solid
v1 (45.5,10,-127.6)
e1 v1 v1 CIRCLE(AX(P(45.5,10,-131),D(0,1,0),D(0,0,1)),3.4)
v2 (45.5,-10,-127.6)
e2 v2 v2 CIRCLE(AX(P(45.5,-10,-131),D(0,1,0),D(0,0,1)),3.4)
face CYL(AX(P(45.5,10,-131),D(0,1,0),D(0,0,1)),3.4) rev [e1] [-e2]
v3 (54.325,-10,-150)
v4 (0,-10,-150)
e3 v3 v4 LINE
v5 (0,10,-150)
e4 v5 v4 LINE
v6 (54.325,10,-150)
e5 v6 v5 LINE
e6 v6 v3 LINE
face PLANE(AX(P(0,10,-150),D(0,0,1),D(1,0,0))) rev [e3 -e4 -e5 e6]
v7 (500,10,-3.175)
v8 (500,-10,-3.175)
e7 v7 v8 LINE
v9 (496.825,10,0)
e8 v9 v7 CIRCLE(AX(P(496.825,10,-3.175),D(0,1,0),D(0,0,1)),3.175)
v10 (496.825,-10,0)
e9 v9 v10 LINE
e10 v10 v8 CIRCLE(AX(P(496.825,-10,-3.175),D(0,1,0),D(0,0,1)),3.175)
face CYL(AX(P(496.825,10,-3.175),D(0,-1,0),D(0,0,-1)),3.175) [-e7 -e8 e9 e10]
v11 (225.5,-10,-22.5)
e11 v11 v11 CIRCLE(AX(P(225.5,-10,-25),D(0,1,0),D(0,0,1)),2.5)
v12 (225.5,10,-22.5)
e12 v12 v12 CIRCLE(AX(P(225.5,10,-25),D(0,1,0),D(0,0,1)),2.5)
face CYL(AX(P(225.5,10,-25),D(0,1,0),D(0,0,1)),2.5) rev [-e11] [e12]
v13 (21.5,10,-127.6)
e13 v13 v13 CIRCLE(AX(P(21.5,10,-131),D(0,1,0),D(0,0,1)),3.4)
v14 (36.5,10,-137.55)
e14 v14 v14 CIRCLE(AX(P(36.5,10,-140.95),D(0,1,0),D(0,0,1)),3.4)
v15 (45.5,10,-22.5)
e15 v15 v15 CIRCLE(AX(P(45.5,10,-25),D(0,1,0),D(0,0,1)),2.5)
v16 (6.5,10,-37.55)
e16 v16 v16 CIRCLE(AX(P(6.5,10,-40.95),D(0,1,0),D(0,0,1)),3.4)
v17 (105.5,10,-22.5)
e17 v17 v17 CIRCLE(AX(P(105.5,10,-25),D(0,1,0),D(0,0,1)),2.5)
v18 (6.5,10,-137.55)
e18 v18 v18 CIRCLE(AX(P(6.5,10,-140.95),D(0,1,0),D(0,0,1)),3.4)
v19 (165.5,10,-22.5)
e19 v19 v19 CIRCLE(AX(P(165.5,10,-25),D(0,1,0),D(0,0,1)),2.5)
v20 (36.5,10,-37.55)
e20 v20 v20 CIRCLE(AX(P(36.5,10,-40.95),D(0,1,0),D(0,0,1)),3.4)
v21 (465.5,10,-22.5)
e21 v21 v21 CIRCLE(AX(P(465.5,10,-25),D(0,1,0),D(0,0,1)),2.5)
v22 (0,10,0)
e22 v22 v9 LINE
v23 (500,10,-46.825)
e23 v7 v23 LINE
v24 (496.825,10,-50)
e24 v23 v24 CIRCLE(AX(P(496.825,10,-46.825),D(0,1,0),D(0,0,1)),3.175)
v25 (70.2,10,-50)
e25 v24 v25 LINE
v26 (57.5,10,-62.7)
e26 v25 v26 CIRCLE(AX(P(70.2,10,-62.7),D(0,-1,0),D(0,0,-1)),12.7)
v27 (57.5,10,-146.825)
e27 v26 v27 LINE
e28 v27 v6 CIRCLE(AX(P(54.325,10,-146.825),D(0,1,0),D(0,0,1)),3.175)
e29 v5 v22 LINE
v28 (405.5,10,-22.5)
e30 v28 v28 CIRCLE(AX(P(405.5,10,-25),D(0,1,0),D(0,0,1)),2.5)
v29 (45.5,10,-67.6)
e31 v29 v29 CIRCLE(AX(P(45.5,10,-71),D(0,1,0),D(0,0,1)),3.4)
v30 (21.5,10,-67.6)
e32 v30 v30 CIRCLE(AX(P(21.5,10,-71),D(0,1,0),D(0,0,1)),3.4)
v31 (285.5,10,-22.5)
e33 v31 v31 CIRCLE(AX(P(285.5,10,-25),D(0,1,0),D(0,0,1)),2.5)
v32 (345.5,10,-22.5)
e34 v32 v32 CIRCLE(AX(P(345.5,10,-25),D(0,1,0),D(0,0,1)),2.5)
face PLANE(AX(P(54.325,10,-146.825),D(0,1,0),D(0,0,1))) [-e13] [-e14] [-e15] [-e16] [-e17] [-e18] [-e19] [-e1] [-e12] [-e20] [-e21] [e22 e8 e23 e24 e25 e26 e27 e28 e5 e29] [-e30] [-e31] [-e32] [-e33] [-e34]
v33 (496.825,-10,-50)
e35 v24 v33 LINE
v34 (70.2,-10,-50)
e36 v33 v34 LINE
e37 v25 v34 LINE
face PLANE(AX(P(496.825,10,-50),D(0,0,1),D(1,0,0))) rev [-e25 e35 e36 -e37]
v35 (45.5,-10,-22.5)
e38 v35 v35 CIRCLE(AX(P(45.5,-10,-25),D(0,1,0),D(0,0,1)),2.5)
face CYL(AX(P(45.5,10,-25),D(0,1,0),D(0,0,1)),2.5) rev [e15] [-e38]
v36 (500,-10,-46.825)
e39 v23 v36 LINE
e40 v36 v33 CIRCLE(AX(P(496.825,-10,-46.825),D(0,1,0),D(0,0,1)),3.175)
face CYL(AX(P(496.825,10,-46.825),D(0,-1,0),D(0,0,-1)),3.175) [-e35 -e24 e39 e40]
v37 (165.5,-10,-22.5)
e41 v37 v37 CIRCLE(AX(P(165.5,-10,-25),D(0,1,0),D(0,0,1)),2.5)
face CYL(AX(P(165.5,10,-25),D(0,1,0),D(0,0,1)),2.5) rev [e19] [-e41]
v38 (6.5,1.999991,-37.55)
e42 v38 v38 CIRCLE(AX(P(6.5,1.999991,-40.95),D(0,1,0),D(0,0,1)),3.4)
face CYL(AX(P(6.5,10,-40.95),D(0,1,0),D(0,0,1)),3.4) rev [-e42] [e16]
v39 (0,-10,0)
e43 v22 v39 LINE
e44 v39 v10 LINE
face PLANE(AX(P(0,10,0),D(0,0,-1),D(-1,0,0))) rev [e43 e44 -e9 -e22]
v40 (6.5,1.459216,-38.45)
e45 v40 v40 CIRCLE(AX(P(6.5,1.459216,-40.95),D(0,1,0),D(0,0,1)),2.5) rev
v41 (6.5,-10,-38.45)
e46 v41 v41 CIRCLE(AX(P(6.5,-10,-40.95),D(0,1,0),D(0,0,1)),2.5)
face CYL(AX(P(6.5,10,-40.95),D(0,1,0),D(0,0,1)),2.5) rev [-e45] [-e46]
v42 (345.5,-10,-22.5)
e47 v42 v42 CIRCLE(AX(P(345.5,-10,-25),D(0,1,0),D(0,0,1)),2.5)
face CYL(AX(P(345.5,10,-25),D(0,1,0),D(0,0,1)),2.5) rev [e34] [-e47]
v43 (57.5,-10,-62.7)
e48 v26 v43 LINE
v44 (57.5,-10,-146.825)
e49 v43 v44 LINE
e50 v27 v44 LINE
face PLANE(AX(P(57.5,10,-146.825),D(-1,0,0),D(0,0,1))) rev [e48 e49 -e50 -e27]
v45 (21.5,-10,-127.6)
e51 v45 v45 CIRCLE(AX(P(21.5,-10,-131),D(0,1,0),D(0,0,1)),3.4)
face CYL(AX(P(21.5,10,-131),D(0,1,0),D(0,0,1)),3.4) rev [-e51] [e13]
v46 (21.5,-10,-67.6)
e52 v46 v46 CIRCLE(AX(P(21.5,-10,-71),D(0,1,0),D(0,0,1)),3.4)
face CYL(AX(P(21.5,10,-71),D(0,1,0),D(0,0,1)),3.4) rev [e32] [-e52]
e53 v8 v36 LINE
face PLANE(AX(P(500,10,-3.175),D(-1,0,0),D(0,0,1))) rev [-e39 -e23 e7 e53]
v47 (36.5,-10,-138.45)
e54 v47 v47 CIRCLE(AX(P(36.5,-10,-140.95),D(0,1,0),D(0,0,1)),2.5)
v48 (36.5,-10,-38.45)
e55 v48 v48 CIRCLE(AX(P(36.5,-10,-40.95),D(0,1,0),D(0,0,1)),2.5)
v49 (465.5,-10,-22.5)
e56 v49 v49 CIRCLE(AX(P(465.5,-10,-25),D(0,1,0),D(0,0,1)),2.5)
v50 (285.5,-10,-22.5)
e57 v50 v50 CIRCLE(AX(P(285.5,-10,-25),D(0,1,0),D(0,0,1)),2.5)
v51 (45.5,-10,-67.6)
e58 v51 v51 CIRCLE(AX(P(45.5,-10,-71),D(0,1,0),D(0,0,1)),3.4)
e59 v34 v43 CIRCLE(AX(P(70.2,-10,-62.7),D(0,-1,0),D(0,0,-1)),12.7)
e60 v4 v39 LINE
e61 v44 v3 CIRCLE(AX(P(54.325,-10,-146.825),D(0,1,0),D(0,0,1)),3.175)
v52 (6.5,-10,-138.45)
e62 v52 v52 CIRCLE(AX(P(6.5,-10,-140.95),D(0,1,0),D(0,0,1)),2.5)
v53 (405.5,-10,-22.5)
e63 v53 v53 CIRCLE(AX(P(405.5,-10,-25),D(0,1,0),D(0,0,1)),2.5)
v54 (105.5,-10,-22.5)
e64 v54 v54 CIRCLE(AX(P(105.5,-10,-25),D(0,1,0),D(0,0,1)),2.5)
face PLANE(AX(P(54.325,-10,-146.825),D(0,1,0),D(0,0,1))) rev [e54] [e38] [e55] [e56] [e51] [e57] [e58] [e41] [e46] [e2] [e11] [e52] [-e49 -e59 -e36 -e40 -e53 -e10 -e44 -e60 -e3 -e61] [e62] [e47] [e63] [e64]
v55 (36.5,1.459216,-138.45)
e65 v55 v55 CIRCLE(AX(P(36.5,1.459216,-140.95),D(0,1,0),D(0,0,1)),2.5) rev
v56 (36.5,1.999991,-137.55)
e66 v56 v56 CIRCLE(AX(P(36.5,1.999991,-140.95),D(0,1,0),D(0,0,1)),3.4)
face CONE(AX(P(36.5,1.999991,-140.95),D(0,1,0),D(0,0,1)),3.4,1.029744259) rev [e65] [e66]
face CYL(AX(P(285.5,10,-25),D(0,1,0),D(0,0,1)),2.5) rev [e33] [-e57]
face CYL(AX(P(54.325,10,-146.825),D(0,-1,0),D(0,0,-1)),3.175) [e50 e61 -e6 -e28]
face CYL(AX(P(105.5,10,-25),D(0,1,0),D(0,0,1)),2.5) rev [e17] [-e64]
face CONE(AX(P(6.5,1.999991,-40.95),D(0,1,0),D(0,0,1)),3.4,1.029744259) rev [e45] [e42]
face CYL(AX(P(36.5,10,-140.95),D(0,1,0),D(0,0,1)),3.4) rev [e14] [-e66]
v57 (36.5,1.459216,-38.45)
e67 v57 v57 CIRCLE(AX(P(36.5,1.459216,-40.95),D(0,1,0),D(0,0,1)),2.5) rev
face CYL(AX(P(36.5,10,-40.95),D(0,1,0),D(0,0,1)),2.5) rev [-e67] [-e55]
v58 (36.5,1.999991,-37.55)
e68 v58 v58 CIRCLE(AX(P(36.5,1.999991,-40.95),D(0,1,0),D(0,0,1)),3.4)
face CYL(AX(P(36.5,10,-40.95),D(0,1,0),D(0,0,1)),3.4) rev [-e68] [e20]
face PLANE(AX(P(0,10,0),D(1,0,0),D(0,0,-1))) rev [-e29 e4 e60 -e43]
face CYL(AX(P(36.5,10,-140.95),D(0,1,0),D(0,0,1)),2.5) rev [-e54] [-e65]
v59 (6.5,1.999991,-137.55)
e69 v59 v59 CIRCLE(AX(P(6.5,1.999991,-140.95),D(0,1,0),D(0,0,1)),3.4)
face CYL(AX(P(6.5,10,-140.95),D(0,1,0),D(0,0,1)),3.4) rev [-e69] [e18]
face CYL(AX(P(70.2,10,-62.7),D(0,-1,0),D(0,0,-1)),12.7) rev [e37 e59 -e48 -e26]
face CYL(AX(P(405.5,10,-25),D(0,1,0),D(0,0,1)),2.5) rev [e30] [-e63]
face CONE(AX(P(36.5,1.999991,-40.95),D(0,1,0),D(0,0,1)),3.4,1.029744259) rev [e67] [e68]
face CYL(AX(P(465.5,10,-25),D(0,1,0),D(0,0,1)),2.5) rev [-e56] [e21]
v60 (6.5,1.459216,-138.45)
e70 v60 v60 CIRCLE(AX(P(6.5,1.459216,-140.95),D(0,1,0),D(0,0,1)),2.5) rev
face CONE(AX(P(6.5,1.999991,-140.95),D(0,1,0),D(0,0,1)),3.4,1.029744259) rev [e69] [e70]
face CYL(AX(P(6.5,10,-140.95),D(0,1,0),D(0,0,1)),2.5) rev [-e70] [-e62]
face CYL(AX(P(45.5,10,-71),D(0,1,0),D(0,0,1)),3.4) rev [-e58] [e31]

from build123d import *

# Parameters (mm, degrees)
BOSS_EXTRUDE1_DEPTH            = 10
LPATTERN2_COUNT                = 8
LPATTERN2_PITCH                = 60
M8_TAPPED_HOLE2_D              = 6.8
F_6_8_6_8_DIAMETER_HOLE1_D     = 6.8
F_6_8_6_8_DIAMETER_HOLE1_DEPTH = 8.0000094
F_6_8_6_8_DIAMETER_HOLE1_TIP   = 2.042926105
M6_TAPPED_HOLE1_D              = 5


with BuildPart() as part:
    # Sketch1 → Boss-Extrude1 (new, symmetric)
    with BuildSketch(Plane(origin=(0, 0, 0), x_dir=(1, 0, 0), z_dir=(0, 1, 0))):
        with BuildLine():
            Line((0, 0), (496.825, 0))
            ThreePointArc((496.825, 0), (499.07006403, 0.92993597), (500, 3.175))
            Line((500, 3.175), (500, 46.825))
            ThreePointArc((500, 46.825), (499.07006403, 49.07006403), (496.825, 50))
            Line((496.825, 50), (70.2, 50))
            ThreePointArc((70.2, 50), (61.219743879, 53.719743879), (57.5, 62.7))
            Line((57.5, 62.7), (57.5, 146.825))
            ThreePointArc((57.5, 146.825), (56.57006403, 149.07006403), (54.325, 150))
            Line((54.325, 150), (0, 150))
            Line((0, 150), (0, 0))
        make_face()
    extrude(amount=BOSS_EXTRUDE1_DEPTH, both=True)

    # Sketch3 → M6 Tapped Hole2 (revolve, cut)
    with BuildSketch(Plane(origin=(45.5, 10, -25), x_dir=(0, 0, 1), z_dir=(1, 0, 0))):
        Polygon((0, 0), (0, 29.492951548), (2.5, 27.9908), (2.5, 0), align=None)
    m6_tapped_hole2 = revolve(axis=Axis((45.5, 16.35, -25), (0, -1, 0)), mode=Mode.SUBTRACT)

    # LPattern2: M6 Tapped Hole2 ×8
    with Locations(*[(i * LPATTERN2_PITCH, 0, 0) for i in range(1, LPATTERN2_COUNT)]):
        add(m6_tapped_hole2, mode=Mode.SUBTRACT)

    # M8 Tapped Hole2 (through all)
    with Locations(Plane(origin=(0, 10, 0), x_dir=(1, 0, 0), z_dir=(0, 1, 0))):
        with Locations((45.5, 131), (21.5, 131), (45.5, 71), (21.5, 71)):
            Hole(M8_TAPPED_HOLE2_D / 2)

    # Ø6.8 (6.8) Diameter Hole1
    with Locations(Plane(origin=(0, 10, 0), x_dir=(1, 0, 0), z_dir=(0, 1, 0))):
        with Locations((36.5, 140.950000036), (6.5, 140.950000036), (6.5, 40.950000036), (36.5, 40.950000036)):
            Hole(F_6_8_6_8_DIAMETER_HOLE1_D / 2, depth=F_6_8_6_8_DIAMETER_HOLE1_DEPTH)
            with Locations((0, 0, -(F_6_8_6_8_DIAMETER_HOLE1_DEPTH + F_6_8_6_8_DIAMETER_HOLE1_TIP / 2))):  # 118° drill point
                Cone(0, F_6_8_6_8_DIAMETER_HOLE1_D / 2, F_6_8_6_8_DIAMETER_HOLE1_TIP, mode=Mode.SUBTRACT)

    # M6 Tapped Hole1 (through all)
    with Locations(Plane(origin=(0, 10, 0), x_dir=(1, 0, 0), z_dir=(0, 1, 0))):
        with Locations((6.5, 140.950000036), (36.5, 140.950000036), (36.5, 40.950000036), (6.5, 40.950000036)):
            Hole(M6_TAPPED_HOLE1_D / 2)


solid = part.part
